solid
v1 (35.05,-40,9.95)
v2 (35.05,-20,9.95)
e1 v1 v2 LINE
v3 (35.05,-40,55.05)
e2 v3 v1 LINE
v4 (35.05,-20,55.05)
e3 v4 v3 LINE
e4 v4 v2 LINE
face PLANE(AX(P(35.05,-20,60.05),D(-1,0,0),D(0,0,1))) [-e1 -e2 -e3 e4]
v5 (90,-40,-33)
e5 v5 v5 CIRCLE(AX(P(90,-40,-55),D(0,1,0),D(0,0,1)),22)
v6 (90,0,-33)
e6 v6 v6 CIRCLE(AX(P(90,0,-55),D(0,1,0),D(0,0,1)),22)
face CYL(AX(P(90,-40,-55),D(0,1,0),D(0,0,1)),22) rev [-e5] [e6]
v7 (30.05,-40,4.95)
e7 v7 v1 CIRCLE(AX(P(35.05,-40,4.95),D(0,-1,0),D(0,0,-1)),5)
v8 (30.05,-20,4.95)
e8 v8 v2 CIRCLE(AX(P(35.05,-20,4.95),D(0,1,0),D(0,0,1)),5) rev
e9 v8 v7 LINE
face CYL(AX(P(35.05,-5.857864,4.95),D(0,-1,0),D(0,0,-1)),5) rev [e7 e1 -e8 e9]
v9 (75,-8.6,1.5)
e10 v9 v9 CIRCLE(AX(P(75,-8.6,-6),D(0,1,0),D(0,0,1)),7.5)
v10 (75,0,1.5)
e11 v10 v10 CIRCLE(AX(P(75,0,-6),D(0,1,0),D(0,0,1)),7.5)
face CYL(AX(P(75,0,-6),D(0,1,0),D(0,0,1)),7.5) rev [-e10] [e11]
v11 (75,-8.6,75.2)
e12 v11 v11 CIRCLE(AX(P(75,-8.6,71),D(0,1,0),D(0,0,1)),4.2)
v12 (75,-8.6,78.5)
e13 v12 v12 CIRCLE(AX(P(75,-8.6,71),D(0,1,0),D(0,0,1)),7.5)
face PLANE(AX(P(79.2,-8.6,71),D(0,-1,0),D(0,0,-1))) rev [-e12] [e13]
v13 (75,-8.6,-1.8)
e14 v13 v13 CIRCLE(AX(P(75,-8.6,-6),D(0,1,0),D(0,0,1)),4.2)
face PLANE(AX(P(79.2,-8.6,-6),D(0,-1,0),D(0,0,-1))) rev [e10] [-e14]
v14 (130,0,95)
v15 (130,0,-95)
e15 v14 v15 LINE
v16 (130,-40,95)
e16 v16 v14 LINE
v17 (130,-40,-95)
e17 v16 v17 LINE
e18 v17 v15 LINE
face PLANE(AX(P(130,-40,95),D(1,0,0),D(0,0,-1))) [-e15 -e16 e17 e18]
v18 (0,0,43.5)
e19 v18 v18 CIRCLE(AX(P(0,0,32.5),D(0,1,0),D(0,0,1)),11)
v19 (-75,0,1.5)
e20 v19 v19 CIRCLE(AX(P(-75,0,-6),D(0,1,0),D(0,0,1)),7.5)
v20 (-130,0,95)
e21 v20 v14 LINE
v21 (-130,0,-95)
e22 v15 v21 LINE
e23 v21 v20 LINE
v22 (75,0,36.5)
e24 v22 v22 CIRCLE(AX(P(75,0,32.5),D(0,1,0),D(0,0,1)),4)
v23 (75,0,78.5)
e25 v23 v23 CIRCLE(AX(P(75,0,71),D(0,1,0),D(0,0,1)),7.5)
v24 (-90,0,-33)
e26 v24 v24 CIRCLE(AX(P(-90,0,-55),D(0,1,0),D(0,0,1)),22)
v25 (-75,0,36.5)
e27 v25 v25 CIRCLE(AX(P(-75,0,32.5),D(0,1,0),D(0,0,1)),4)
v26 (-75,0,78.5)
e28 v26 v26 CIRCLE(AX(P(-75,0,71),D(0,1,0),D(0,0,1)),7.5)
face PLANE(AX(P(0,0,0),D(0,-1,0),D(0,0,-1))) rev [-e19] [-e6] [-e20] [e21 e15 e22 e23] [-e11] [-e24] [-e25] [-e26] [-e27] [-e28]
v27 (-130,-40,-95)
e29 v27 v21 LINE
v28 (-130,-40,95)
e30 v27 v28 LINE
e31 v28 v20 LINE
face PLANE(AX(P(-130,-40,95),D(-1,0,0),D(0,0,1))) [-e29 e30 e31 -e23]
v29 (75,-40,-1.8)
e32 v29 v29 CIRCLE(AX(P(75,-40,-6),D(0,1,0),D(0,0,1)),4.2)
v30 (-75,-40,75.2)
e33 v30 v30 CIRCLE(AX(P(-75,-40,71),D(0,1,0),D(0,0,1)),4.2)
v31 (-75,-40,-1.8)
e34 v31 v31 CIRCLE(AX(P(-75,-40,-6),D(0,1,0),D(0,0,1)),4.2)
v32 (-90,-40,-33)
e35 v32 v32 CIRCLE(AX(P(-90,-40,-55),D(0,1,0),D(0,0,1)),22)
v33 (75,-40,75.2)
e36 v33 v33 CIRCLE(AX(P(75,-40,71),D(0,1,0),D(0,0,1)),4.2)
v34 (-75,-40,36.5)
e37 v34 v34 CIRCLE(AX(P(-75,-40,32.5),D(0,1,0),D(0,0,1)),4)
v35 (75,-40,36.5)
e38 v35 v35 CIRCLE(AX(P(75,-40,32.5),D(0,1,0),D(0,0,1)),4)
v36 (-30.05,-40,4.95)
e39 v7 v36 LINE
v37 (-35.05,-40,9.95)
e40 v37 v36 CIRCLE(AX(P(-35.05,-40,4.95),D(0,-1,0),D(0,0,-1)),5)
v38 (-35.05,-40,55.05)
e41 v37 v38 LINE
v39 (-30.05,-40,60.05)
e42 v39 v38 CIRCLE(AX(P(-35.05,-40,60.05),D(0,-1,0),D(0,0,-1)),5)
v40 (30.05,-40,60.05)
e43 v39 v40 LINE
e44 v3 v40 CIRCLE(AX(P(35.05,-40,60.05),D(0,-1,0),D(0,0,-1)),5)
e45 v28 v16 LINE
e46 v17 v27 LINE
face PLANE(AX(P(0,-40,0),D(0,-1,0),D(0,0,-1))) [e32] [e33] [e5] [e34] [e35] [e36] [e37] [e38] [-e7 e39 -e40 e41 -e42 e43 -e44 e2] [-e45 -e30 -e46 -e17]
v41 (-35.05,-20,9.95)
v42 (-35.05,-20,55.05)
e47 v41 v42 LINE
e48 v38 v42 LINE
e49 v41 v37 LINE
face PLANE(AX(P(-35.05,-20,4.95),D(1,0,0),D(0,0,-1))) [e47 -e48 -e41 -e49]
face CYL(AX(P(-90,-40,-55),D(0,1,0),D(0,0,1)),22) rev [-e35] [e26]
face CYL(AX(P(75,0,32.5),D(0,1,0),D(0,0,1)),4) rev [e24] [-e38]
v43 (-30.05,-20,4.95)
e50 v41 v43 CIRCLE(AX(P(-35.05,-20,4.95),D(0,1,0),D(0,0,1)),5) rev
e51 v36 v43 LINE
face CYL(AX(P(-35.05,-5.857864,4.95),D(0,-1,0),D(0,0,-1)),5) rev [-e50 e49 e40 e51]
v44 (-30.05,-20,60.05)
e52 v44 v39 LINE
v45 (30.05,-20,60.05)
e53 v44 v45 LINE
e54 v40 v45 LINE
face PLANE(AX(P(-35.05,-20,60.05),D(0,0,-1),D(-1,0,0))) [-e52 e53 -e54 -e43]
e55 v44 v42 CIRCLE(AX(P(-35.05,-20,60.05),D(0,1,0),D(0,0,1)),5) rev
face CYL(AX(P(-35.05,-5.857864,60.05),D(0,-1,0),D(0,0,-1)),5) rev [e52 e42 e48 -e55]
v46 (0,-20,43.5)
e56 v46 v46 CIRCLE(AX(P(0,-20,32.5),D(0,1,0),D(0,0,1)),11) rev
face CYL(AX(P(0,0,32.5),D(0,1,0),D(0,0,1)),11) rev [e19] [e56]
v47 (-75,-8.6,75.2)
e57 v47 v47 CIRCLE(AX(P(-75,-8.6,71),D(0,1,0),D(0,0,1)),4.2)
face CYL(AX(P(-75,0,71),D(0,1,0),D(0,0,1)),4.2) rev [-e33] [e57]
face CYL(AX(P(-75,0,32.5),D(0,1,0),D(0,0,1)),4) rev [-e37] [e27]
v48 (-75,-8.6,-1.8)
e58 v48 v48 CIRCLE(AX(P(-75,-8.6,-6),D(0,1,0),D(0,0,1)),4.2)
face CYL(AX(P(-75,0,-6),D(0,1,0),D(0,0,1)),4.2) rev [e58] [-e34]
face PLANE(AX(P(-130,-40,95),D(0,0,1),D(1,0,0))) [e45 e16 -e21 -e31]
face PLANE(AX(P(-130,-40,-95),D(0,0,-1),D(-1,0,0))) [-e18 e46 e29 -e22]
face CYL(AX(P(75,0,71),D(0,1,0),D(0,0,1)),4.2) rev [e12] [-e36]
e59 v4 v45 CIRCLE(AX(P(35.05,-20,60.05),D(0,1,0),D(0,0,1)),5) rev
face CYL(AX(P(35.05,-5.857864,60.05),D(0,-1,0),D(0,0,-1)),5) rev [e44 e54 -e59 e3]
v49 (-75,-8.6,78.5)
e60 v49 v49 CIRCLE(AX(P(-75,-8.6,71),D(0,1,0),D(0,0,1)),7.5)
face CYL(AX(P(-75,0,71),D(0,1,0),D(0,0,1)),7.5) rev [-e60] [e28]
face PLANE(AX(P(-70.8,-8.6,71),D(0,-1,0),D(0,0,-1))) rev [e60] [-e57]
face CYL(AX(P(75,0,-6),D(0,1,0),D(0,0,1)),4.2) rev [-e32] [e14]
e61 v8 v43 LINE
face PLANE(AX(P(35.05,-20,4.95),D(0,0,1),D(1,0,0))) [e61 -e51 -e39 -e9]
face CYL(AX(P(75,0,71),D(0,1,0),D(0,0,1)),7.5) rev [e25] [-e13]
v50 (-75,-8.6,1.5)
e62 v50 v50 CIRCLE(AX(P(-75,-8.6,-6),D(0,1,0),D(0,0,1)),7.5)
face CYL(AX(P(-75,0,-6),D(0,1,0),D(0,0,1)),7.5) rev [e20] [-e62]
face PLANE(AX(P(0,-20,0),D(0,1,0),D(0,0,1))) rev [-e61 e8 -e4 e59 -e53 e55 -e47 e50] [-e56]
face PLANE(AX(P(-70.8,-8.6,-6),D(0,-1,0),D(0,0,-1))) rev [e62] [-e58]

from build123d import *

# Parameters (mm, degrees)
SKETCH1_W                                           = 260
SKETCH1_H                                           = 190
BOSS_EXTRUDE1_DEPTH                                 = 40
SKETCH2_R                                           = 22
CUT_EXTRUDE1_DEPTH                                  = 166.90660023
M24X2_0_TAPPED_HOLE1_D                              = 22
SKETCH7_W                                           = 70.1
SKETCH7_H                                           = 55.1
CUT_EXTRUDE2_DEPTH                                  = 20
SKETCH8_R                                           = 5
CUT_EXTRUDE3_DEPTH                                  = 20
CBORE_FOR_M8_HEX_SOCKET_HEAD_CAP_SCREW1_D           = 8.4
CBORE_FOR_M8_HEX_SOCKET_HEAD_CAP_SCREW1_CBORE_D     = 15
CBORE_FOR_M8_HEX_SOCKET_HEAD_CAP_SCREW1_CBORE_DEPTH = 8.6
F_8_0MM_DOWEL_HOLE1_D                               = 8


with BuildPart() as part:
    # Sketch1 → Boss-Extrude1 (new body)
    with BuildSketch(Plane(origin=(0, 0, 0), x_dir=(1, 0, 0), z_dir=(0, 1, 0))):
        Rectangle(SKETCH1_W, SKETCH1_H)
    extrude(amount=-BOSS_EXTRUDE1_DEPTH)

    # Sketch2 → Cut-Extrude1 (cut, through all)
    with BuildSketch(Plane(origin=(0, 0, 0), x_dir=(1, 0, 0), z_dir=(0, 1, 0))):
        with Locations(Location((-90, 55, 0), (0, 0, 270))):
            Circle(SKETCH2_R)
        with Locations(Location((90, 55, 0), (0, 0, 270))):
            Circle(SKETCH2_R)
    extrude(amount=-CUT_EXTRUDE1_DEPTH, mode=Mode.SUBTRACT)

    # M24x2.0 Tapped Hole1 (through all)
    with Locations(Plane(origin=(0, 0, 0), x_dir=(1, 0, 0), z_dir=(0, 1, 0))):
        with Locations((0, -32.5)):
            Hole(M24X2_0_TAPPED_HOLE1_D / 2)

    # Sketch7 → Cut-Extrude2 (cut)
    with BuildSketch(Plane(origin=(0, -40, 0), x_dir=(1, 0, 0), z_dir=(0, 1, 0))):
        with Locations((0, -32.5)):
            Rectangle(SKETCH7_W, SKETCH7_H)
    extrude(amount=CUT_EXTRUDE2_DEPTH, mode=Mode.SUBTRACT)

    # Sketch8 → Cut-Extrude3 (cut)
    with BuildSketch(Plane.XZ.offset(40)):
        with Locations((-35.05, 60.05)):
            Circle(SKETCH8_R)
        with Locations((35.05, 60.05)):
            Circle(SKETCH8_R)
        with Locations((-35.05, 4.95)):
            Circle(SKETCH8_R)
        with Locations((35.05, 4.95)):
            Circle(SKETCH8_R)
    extrude(amount=-CUT_EXTRUDE3_DEPTH, mode=Mode.SUBTRACT)

    # CBORE for M8 Hex Socket Head Cap Screw1 (through all)
    with Locations(Plane(origin=(0, 0, 0), x_dir=(1, 0, 0), z_dir=(0, 1, 0))):
        with Locations((-75, -71), (-75, 6), (75, 6), (75, -71)):
            CounterBoreHole(CBORE_FOR_M8_HEX_SOCKET_HEAD_CAP_SCREW1_D / 2, CBORE_FOR_M8_HEX_SOCKET_HEAD_CAP_SCREW1_CBORE_D / 2, CBORE_FOR_M8_HEX_SOCKET_HEAD_CAP_SCREW1_CBORE_DEPTH)

    # Ø8.0mm Dowel Hole1 (through all)
    with Locations(Plane(origin=(0, 0, 0), x_dir=(1, 0, 0), z_dir=(0, 1, 0))):
        with Locations((-75, -32.5), (75, -32.5)):
            Hole(F_8_0MM_DOWEL_HOLE1_D / 2)


solid = part.part
